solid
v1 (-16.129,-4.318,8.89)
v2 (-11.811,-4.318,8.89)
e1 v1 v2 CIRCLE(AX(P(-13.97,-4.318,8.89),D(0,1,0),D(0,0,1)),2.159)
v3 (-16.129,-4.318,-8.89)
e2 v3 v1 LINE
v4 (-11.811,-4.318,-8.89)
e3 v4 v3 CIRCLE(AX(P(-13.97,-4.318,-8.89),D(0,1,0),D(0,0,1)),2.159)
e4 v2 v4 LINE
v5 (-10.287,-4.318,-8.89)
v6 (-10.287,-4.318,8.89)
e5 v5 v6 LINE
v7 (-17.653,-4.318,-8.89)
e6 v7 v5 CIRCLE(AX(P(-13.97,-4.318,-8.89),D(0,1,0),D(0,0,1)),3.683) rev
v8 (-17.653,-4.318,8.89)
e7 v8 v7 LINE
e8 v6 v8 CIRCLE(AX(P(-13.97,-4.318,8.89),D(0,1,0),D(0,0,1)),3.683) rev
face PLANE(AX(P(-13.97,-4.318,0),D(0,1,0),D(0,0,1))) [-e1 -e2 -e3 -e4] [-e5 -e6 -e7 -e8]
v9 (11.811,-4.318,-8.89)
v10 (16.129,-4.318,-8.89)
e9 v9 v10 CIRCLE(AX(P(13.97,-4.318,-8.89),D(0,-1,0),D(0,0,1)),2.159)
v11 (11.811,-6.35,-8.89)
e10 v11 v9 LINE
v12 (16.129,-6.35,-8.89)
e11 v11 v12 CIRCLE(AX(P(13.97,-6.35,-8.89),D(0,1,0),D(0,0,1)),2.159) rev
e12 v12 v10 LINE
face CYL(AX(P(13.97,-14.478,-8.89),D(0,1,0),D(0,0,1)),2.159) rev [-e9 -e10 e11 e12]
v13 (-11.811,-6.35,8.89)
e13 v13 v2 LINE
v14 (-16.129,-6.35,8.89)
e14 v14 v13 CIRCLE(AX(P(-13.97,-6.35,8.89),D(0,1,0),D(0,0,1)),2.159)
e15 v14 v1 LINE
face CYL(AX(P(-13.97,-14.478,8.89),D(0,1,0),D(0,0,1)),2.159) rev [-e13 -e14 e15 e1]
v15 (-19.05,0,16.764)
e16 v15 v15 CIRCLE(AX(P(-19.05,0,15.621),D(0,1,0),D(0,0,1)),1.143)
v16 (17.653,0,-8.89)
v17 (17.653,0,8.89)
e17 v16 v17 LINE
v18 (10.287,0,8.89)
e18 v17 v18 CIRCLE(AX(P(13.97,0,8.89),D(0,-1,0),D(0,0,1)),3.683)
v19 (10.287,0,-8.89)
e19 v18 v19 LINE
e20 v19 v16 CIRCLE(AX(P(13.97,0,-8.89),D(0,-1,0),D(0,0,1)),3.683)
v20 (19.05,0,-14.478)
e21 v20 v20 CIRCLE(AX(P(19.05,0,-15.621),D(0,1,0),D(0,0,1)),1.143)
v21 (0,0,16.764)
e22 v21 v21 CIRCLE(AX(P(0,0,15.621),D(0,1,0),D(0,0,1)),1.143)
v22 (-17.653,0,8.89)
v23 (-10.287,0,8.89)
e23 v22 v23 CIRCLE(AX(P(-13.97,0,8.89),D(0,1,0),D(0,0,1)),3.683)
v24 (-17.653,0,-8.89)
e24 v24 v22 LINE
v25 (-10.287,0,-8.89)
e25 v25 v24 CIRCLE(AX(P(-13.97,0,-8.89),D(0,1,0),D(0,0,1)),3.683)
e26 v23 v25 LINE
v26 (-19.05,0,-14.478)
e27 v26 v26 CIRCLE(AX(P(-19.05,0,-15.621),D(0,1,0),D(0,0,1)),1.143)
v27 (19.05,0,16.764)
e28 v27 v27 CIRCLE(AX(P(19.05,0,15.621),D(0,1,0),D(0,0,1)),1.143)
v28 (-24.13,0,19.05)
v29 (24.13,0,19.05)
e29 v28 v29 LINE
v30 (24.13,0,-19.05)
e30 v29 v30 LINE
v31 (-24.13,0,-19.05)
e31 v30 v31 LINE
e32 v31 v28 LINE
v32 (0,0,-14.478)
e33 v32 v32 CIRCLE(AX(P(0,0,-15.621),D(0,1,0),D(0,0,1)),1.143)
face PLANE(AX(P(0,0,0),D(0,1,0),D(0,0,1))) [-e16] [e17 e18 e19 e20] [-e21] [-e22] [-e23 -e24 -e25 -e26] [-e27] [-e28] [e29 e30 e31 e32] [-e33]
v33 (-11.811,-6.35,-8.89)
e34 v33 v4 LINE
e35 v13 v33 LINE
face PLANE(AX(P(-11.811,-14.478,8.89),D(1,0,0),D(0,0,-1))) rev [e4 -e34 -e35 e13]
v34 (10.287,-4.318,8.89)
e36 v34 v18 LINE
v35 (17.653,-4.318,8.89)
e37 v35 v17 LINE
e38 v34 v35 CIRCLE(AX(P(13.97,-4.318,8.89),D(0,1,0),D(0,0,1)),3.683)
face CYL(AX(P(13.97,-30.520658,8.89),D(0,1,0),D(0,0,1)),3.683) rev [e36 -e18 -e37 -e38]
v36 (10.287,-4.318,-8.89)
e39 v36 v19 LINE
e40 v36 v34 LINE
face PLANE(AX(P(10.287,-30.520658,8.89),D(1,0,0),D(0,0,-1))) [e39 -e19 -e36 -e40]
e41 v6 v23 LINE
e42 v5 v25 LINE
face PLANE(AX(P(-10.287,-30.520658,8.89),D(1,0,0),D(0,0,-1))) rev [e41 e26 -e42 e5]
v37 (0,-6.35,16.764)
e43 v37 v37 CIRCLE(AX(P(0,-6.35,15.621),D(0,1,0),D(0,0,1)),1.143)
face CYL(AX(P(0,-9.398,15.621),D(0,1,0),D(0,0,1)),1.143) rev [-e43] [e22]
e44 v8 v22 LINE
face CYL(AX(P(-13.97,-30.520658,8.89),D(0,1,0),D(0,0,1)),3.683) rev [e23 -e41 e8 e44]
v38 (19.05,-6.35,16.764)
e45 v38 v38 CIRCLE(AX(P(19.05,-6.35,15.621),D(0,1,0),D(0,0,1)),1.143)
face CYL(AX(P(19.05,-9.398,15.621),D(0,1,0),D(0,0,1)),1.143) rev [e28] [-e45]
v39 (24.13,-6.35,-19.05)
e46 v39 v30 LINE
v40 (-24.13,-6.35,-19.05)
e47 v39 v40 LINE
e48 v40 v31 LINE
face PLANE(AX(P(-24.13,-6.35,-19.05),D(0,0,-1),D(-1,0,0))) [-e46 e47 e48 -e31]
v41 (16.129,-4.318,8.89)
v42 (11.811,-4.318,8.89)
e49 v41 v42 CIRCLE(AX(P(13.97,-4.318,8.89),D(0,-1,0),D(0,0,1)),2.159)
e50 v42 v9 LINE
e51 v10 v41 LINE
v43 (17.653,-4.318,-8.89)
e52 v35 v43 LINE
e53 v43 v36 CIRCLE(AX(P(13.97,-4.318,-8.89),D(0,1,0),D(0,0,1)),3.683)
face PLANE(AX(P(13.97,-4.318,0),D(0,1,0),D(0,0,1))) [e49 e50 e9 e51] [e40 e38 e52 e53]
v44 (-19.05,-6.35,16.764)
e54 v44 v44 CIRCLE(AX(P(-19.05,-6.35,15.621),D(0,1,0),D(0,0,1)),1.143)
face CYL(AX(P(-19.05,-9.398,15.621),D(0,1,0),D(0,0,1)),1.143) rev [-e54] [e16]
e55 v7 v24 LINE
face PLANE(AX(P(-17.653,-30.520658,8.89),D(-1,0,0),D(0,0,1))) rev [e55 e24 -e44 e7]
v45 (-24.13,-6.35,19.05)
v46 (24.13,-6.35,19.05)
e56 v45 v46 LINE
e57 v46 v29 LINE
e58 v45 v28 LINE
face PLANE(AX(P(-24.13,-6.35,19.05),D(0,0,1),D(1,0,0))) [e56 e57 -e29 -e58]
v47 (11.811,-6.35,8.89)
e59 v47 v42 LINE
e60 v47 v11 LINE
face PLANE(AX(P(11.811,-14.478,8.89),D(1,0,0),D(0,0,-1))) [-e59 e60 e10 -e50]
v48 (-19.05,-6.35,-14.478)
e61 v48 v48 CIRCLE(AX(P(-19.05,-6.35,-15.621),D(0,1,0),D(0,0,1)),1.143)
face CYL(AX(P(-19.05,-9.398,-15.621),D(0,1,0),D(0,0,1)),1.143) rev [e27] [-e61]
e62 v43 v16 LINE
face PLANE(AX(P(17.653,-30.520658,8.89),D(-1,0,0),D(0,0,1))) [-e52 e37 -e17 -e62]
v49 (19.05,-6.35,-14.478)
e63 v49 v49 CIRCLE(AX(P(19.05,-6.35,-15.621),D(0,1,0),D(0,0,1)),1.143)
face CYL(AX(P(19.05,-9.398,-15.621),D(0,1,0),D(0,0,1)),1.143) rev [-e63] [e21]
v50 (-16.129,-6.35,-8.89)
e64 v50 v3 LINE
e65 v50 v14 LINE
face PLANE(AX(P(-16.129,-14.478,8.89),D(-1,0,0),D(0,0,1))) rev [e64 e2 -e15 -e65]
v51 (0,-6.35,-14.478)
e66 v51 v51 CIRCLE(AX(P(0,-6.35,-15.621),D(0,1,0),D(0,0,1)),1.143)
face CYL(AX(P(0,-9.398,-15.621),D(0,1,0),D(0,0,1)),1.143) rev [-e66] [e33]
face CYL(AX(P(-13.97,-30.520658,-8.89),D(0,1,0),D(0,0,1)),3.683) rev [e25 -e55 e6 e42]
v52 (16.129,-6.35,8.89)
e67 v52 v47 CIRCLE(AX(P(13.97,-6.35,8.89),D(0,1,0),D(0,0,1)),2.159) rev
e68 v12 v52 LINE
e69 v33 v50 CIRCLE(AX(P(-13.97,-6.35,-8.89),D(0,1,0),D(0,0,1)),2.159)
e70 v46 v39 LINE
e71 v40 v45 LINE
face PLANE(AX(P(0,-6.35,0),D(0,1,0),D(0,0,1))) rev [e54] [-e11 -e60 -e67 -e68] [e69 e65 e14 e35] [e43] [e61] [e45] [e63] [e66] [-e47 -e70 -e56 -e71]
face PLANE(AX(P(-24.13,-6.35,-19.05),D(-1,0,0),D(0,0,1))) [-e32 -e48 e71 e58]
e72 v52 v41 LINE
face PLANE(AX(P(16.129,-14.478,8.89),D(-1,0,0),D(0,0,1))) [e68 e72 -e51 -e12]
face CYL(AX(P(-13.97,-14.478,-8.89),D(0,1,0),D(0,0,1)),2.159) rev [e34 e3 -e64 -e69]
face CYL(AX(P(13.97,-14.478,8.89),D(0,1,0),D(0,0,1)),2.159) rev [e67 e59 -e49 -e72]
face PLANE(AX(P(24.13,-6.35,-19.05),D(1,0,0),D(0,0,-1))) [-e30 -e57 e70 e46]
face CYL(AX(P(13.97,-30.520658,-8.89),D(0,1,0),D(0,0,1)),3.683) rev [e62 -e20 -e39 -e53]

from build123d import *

# Parameters (mm, degrees)
SKETCH1_W           = 48.26
SKETCH1_H           = 38.1
BOSS_EXTRUDE1_DEPTH = 6.35
SKETCH2_R           = 3.683
CUT_EXTRUDE1_DEPTH  = 4.318
SKETCH3_R           = 2.159
CUT_EXTRUDE2_DEPTH  = 4.318
SKETCH4_R           = 1.143
CUT_EXTRUDE3_DEPTH  = 9.398
LPATTERN1_COUNT     = 3
LPATTERN1_PITCH     = 19.05
CUT_EXTRUDE7_DEPTH  = 4.318
CUT_EXTRUDE8_DEPTH  = 10.16


with BuildPart() as part:
    # Sketch1 → Boss-Extrude1 (new body)
    with BuildSketch(Plane(origin=(0, 0, 0), x_dir=(1, 0, 0), z_dir=(0, 1, 0))):
        Rectangle(SKETCH1_W, SKETCH1_H)
    extrude(amount=-BOSS_EXTRUDE1_DEPTH)

    # Sketch2 → Cut-Extrude1 (cut)
    with BuildSketch(Plane(origin=(0, 0, 0), x_dir=(1, 0, 0), z_dir=(0, 1, 0))):
        with Locations((-13.97, 0)):
            Circle(SKETCH2_R)
    cut_extrude1 = extrude(amount=-CUT_EXTRUDE1_DEPTH, mode=Mode.SUBTRACT)

    # Sketch3 → Cut-Extrude2 (cut)
    with BuildSketch(Plane(origin=(0, -4.318, 0), x_dir=(1, 0, 0), z_dir=(0, 1, 0))):
        with Locations((-13.97, 0)):
            Circle(SKETCH3_R)
    cut_extrude2 = extrude(amount=-CUT_EXTRUDE2_DEPTH, mode=Mode.SUBTRACT)

    # Sketch4 → Cut-Extrude3 (cut)
    with BuildSketch(Plane(origin=(0, 0, 0), x_dir=(1, 0, 0), z_dir=(0, 1, 0))):
        with Locations((-19.05, 15.621)):
            Circle(SKETCH4_R)
        with Locations((-19.05, -15.621)):
            Circle(SKETCH4_R)
    cut_extrude3 = extrude(amount=-CUT_EXTRUDE3_DEPTH, mode=Mode.SUBTRACT)

    # LPattern1: Cut-Extrude3 ×3
    with Locations(*[(i * LPATTERN1_PITCH, 0, 0) for i in range(1, LPATTERN1_COUNT)]):
        add(cut_extrude3, mode=Mode.SUBTRACT)

    # Mirror1: Cut-Extrude1, Cut-Extrude2 across plane
    add(cut_extrude1.mirror(Plane(origin=(0, 0, 0), x_dir=(0, 0, 1), z_dir=(1, 0, 0))), mode=Mode.SUBTRACT)
    add(cut_extrude2.mirror(Plane(origin=(0, 0, 0), x_dir=(0, 0, 1), z_dir=(1, 0, 0))), mode=Mode.SUBTRACT)

    # Sketch6 → Cut-Extrude7 (cut)
    with BuildSketch(Plane(origin=(0, 0, 0), x_dir=(1, 0, 0), z_dir=(0, 1, 0))):
        with BuildLine():
            Line((-17.653, -8.89), (-17.653, 8.89))
            ThreePointArc((-17.653, 8.89), (-13.97, 12.573), (-10.287, 8.89))
            Line((-10.287, 8.89), (-10.287, -8.89))
            ThreePointArc((-10.287, -8.89), (-13.97, -12.573), (-17.653, -8.89))
        make_face()
    cut_extrude7 = extrude(amount=-CUT_EXTRUDE7_DEPTH, mode=Mode.SUBTRACT)

    # Sketch7 → Cut-Extrude8 (cut)
    with BuildSketch(Plane(origin=(0, -4.318, 0), x_dir=(1, 0, 0), z_dir=(0, 1, 0))):
        with BuildLine():
            Line((-16.129, -8.89), (-16.129, 8.89))
            ThreePointArc((-16.129, 8.89), (-13.97, 11.049), (-11.811, 8.89))
            Line((-11.811, 8.89), (-11.811, -8.89))
            ThreePointArc((-11.811, -8.89), (-13.97, -11.049), (-16.129, -8.89))
        make_face()
    cut_extrude8 = extrude(amount=-CUT_EXTRUDE8_DEPTH, mode=Mode.SUBTRACT)

    # Mirror2: Cut-Extrude7, Cut-Extrude8 across plane
    add(cut_extrude7.mirror(Plane(origin=(0, 0, 0), x_dir=(0, 0, 1), z_dir=(1, 0, 0))), mode=Mode.SUBTRACT)
    add(cut_extrude8.mirror(Plane(origin=(0, 0, 0), x_dir=(0, 0, 1), z_dir=(1, 0, 0))), mode=Mode.SUBTRACT)


solid = part.part
